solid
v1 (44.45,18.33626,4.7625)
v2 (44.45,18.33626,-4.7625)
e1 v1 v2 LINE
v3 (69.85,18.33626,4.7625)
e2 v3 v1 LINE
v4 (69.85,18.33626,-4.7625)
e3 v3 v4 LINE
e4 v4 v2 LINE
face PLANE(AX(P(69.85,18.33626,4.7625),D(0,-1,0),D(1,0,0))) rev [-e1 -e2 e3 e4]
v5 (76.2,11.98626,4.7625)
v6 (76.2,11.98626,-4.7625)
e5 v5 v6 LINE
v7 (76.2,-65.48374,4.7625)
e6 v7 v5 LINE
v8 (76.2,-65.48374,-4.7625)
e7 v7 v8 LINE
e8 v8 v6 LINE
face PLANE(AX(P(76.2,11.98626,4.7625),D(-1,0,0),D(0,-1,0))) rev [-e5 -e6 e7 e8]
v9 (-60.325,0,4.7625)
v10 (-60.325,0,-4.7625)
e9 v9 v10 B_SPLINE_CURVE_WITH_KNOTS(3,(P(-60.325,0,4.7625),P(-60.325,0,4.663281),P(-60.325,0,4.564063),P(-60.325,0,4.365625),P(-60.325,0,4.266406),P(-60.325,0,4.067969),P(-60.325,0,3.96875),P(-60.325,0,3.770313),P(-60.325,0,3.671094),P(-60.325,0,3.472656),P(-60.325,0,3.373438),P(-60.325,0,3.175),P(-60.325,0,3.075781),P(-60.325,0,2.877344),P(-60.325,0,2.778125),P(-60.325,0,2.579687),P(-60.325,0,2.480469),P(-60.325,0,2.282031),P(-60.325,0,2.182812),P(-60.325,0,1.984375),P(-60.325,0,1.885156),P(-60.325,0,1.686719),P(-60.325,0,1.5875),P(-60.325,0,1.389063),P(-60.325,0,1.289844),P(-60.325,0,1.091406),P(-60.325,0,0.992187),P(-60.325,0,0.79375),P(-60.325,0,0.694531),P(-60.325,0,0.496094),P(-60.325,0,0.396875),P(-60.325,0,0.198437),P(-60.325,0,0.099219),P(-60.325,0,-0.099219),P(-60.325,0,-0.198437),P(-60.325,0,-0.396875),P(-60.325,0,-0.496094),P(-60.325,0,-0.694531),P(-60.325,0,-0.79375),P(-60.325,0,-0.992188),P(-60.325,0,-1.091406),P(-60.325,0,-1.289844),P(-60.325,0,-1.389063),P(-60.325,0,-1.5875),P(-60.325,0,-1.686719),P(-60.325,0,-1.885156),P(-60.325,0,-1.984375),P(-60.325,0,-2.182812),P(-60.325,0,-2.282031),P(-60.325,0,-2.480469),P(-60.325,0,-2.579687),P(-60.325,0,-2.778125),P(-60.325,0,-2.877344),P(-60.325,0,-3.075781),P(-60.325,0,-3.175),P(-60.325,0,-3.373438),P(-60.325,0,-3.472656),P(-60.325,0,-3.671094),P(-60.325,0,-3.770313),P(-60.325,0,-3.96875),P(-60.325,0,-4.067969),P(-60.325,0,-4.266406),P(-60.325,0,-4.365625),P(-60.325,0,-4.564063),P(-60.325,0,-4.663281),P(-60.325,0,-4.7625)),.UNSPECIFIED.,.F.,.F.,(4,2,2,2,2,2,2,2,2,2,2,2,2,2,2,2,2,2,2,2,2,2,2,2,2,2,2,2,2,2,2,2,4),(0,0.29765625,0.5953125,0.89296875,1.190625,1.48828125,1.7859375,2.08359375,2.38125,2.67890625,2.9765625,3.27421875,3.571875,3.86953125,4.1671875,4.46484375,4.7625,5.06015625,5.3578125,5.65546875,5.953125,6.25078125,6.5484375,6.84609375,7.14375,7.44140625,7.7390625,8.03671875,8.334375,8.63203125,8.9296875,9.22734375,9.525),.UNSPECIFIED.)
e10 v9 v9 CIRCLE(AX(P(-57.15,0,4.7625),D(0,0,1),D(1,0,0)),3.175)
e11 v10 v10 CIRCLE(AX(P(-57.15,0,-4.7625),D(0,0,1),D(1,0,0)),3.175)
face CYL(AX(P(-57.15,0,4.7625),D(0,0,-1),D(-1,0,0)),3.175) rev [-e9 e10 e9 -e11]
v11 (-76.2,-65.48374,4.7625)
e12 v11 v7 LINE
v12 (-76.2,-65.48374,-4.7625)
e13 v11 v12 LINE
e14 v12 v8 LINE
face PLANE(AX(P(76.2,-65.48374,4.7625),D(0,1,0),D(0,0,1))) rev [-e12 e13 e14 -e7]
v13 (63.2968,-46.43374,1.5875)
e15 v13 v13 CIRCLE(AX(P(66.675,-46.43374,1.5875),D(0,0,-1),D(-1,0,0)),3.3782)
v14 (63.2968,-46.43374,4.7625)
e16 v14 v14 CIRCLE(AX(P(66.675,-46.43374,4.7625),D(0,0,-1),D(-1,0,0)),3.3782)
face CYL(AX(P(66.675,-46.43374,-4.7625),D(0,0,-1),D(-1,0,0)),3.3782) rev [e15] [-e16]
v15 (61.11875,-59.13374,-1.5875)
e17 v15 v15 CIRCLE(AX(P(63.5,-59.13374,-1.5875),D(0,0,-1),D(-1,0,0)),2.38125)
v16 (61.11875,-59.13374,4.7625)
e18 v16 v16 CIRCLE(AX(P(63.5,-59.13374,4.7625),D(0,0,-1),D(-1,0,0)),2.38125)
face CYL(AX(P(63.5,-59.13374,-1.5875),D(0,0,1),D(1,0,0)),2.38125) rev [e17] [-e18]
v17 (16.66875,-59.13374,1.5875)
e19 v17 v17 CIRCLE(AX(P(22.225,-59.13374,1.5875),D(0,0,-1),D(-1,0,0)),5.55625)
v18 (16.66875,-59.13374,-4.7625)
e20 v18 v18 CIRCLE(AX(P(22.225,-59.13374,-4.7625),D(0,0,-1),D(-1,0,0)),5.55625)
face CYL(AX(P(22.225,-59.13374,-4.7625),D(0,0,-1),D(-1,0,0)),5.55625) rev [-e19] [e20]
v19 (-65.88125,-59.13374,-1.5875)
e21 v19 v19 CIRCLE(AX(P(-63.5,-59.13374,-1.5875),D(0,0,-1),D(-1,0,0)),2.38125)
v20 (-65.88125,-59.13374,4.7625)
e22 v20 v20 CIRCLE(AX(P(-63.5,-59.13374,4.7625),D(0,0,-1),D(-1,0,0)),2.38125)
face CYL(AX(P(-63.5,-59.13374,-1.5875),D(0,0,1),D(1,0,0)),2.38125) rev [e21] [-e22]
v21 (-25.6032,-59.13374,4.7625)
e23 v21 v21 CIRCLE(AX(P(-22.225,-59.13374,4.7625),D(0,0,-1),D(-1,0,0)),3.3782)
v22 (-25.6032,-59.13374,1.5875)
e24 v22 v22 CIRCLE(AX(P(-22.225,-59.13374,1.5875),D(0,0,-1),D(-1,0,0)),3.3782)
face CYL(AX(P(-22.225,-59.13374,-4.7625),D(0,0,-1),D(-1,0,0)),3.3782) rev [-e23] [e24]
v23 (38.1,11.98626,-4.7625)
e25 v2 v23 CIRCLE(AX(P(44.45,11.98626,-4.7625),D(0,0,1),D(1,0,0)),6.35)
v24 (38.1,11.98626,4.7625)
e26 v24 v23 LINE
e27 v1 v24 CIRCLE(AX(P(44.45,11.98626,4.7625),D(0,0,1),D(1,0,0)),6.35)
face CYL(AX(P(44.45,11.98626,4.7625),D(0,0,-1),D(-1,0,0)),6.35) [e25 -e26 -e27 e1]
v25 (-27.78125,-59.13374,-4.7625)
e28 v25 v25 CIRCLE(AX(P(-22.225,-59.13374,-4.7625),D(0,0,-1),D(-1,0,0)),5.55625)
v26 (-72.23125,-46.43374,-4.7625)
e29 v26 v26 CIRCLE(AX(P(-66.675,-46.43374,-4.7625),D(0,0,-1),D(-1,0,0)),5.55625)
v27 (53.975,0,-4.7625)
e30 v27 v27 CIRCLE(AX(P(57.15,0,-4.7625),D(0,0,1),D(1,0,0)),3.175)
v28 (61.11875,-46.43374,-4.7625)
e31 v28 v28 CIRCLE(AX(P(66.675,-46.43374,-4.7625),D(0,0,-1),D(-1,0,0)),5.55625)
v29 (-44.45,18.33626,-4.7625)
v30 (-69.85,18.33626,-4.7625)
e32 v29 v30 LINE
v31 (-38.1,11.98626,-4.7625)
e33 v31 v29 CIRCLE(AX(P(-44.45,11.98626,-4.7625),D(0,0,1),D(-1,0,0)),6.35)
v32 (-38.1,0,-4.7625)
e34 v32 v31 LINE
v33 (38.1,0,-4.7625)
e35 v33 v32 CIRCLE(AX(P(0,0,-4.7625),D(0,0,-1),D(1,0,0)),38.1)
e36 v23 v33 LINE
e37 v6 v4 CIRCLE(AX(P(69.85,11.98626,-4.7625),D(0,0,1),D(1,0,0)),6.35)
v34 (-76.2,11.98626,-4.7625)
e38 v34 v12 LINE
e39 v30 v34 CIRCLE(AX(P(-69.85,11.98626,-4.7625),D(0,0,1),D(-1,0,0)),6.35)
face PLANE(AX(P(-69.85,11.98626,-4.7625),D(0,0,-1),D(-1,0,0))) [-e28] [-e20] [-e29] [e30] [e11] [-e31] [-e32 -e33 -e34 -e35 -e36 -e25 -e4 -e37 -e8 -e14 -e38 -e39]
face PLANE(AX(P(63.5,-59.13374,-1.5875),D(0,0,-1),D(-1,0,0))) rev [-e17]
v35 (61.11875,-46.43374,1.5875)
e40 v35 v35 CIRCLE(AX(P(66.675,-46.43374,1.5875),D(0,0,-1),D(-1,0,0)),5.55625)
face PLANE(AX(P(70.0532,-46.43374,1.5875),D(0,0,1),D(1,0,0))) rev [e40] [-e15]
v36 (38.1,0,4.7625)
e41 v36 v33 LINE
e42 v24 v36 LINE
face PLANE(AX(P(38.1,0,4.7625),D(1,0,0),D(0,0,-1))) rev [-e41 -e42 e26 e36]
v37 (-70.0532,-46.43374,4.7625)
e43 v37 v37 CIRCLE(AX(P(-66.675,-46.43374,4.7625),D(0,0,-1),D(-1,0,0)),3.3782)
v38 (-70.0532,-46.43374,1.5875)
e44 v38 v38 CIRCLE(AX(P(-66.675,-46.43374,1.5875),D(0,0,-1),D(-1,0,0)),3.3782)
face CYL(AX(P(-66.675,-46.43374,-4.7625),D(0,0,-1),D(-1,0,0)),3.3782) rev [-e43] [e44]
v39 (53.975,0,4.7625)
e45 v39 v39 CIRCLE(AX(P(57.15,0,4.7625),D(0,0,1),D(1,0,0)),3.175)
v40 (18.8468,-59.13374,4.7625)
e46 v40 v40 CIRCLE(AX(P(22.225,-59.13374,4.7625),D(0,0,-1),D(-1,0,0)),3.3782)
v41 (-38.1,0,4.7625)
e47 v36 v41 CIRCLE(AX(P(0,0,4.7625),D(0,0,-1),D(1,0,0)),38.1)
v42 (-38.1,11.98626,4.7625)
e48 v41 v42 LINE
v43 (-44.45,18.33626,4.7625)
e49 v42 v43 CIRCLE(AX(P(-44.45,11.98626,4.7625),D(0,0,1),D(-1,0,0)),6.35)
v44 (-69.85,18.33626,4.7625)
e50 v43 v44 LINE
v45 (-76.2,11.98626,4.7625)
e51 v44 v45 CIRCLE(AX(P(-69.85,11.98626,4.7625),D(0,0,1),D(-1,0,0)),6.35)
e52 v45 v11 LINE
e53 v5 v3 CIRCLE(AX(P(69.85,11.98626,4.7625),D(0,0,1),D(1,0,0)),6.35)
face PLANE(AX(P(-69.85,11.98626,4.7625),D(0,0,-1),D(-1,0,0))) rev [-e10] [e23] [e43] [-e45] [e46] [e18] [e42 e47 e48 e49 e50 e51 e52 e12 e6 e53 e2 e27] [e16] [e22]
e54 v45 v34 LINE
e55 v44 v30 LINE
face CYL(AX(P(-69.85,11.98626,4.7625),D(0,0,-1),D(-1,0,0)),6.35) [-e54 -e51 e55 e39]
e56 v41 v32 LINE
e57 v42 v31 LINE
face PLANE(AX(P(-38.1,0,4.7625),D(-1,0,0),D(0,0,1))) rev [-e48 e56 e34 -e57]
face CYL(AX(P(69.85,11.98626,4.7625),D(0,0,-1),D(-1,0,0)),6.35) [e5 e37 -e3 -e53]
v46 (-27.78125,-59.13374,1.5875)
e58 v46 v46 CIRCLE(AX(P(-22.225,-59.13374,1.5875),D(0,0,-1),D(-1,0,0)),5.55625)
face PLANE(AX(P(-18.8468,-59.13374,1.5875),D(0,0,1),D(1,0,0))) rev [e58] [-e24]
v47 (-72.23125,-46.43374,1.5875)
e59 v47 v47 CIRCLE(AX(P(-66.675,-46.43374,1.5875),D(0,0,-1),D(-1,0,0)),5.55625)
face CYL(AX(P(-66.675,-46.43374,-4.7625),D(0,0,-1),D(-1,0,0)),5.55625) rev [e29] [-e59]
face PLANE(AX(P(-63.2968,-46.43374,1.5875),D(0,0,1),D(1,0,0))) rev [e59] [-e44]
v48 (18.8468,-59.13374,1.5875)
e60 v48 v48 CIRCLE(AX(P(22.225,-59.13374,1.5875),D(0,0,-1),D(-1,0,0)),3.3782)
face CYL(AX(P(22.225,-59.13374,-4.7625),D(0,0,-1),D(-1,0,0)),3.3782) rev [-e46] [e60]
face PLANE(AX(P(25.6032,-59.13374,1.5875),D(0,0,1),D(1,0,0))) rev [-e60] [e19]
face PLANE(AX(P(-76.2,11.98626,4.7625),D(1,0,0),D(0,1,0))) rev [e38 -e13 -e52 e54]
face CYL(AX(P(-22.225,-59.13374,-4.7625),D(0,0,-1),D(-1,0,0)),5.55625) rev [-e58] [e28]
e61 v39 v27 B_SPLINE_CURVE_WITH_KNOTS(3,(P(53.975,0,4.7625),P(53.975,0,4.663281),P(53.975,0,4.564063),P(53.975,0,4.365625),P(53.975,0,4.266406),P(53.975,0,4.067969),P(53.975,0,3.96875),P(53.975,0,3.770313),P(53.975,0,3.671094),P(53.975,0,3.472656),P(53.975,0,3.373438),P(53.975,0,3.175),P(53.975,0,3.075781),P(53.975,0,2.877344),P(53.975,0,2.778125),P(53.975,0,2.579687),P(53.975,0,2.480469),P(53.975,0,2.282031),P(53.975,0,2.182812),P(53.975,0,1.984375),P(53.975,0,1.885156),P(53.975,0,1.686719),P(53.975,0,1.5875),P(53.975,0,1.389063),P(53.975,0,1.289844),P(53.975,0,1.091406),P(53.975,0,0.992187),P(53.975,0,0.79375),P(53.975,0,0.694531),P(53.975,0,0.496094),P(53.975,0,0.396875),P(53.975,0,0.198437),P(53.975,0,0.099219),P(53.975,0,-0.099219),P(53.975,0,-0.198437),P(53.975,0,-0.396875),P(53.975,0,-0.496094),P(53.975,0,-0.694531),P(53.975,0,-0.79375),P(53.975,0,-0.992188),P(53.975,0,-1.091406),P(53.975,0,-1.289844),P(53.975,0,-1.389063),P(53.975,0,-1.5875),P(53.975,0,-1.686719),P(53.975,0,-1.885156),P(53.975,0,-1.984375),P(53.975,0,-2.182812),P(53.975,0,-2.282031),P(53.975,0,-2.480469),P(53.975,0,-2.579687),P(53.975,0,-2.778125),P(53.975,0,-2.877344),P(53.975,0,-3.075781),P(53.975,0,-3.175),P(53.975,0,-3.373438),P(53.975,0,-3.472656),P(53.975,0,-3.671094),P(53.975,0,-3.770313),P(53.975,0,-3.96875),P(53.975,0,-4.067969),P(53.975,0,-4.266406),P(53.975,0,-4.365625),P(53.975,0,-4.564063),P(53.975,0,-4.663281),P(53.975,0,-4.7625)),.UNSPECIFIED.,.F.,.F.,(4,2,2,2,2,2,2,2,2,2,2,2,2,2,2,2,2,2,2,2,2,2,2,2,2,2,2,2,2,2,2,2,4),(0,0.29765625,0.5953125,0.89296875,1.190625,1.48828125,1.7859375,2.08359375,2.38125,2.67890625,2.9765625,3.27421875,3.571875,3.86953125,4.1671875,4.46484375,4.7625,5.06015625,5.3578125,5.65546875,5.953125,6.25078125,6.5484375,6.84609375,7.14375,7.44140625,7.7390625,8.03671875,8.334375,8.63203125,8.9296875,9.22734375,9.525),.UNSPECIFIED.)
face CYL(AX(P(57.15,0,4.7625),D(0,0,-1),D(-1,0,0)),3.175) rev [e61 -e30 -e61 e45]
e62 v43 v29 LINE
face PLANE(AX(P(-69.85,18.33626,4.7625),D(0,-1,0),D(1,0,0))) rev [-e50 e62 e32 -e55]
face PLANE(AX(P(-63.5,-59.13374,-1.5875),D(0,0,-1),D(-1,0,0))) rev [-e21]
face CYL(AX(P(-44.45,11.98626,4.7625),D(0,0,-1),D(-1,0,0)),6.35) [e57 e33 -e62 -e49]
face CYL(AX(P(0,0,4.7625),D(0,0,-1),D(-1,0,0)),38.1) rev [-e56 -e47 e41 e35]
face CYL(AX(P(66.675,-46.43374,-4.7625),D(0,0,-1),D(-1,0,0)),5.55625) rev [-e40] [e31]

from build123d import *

# Parameters (mm, degrees)
SKETCH1_R                                   = 3.175
BASE_DEPTH                                  = 4.7625
F_1_4_CAP_SCREW_CARRIAGE_MOUNTS_D           = 6.7564
F_1_4_CAP_SCREW_CARRIAGE_MOUNTS_CBORE_D     = 11.1125
F_1_4_CAP_SCREW_CARRIAGE_MOUNTS_CBORE_DEPTH = 6.35
SKETCH9_R                                   = 2.38125
ALIGNMENT_PIN_HOLES_DEPTH                   = 6.35


with BuildPart() as part:
    # Sketch1 → Base (new, symmetric)
    with BuildSketch(Plane.XY):
        with BuildLine():
            Line((76.2, 11.98626), (76.2, -65.48374))
            Line((76.2, -65.48374), (-76.2, -65.48374))
            Line((-76.2, -65.48374), (-76.2, 11.98626))
            ThreePointArc((-76.2, 11.98626), (-74.340128061, 16.476388061), (-69.85, 18.33626))
            Line((-69.85, 18.33626), (-44.45, 18.33626))
            ThreePointArc((-44.45, 18.33626), (-39.959871939, 16.476388061), (-38.1, 11.98626))
            Line((-38.1, 11.98626), (-38.1, 0))
            ThreePointArc((-38.1, 0), (0, -38.1), (38.1, 0))
            Line((38.1, 0), (38.1, 11.98626))
            ThreePointArc((38.1, 11.98626), (39.959871939, 16.476388061), (44.45, 18.33626))
            Line((44.45, 18.33626), (69.85, 18.33626))
            ThreePointArc((69.85, 18.33626), (74.340128061, 16.476388061), (76.2, 11.98626))
        make_face()
        with Locations((-57.15, 0)):
            Circle(SKETCH1_R, mode=Mode.SUBTRACT)
        with Locations((57.15, 0)):
            Circle(SKETCH1_R, mode=Mode.SUBTRACT)
    extrude(amount=BASE_DEPTH, both=True)

    # 1/4 Cap screw carriage mounts (through all)
    with Locations(Plane(origin=(-61.987391614, 5.409091563, -4.7625), x_dir=(1, 0, 0), z_dir=(0, 0, -1))):
        with Locations((-4.687608386, 51.842831563), (39.762391614, 64.542831563), (128.662391614, 51.842831563), (84.212391614, 64.542831563)):
            CounterBoreHole(F_1_4_CAP_SCREW_CARRIAGE_MOUNTS_D / 2, F_1_4_CAP_SCREW_CARRIAGE_MOUNTS_CBORE_D / 2, F_1_4_CAP_SCREW_CARRIAGE_MOUNTS_CBORE_DEPTH)

    # Sketch9 → Alignment_pin_holes (cut)
    with BuildSketch(Plane(origin=(0, 0, 4.7625), x_dir=(-1, 0, 0), z_dir=(0, 0, -1))):
        with Locations((63.5, -59.13374)):
            Circle(SKETCH9_R)
        with Locations((-63.5, -59.13374)):
            Circle(SKETCH9_R)
    extrude(amount=ALIGNMENT_PIN_HOLES_DEPTH, mode=Mode.SUBTRACT)


solid = part.part
